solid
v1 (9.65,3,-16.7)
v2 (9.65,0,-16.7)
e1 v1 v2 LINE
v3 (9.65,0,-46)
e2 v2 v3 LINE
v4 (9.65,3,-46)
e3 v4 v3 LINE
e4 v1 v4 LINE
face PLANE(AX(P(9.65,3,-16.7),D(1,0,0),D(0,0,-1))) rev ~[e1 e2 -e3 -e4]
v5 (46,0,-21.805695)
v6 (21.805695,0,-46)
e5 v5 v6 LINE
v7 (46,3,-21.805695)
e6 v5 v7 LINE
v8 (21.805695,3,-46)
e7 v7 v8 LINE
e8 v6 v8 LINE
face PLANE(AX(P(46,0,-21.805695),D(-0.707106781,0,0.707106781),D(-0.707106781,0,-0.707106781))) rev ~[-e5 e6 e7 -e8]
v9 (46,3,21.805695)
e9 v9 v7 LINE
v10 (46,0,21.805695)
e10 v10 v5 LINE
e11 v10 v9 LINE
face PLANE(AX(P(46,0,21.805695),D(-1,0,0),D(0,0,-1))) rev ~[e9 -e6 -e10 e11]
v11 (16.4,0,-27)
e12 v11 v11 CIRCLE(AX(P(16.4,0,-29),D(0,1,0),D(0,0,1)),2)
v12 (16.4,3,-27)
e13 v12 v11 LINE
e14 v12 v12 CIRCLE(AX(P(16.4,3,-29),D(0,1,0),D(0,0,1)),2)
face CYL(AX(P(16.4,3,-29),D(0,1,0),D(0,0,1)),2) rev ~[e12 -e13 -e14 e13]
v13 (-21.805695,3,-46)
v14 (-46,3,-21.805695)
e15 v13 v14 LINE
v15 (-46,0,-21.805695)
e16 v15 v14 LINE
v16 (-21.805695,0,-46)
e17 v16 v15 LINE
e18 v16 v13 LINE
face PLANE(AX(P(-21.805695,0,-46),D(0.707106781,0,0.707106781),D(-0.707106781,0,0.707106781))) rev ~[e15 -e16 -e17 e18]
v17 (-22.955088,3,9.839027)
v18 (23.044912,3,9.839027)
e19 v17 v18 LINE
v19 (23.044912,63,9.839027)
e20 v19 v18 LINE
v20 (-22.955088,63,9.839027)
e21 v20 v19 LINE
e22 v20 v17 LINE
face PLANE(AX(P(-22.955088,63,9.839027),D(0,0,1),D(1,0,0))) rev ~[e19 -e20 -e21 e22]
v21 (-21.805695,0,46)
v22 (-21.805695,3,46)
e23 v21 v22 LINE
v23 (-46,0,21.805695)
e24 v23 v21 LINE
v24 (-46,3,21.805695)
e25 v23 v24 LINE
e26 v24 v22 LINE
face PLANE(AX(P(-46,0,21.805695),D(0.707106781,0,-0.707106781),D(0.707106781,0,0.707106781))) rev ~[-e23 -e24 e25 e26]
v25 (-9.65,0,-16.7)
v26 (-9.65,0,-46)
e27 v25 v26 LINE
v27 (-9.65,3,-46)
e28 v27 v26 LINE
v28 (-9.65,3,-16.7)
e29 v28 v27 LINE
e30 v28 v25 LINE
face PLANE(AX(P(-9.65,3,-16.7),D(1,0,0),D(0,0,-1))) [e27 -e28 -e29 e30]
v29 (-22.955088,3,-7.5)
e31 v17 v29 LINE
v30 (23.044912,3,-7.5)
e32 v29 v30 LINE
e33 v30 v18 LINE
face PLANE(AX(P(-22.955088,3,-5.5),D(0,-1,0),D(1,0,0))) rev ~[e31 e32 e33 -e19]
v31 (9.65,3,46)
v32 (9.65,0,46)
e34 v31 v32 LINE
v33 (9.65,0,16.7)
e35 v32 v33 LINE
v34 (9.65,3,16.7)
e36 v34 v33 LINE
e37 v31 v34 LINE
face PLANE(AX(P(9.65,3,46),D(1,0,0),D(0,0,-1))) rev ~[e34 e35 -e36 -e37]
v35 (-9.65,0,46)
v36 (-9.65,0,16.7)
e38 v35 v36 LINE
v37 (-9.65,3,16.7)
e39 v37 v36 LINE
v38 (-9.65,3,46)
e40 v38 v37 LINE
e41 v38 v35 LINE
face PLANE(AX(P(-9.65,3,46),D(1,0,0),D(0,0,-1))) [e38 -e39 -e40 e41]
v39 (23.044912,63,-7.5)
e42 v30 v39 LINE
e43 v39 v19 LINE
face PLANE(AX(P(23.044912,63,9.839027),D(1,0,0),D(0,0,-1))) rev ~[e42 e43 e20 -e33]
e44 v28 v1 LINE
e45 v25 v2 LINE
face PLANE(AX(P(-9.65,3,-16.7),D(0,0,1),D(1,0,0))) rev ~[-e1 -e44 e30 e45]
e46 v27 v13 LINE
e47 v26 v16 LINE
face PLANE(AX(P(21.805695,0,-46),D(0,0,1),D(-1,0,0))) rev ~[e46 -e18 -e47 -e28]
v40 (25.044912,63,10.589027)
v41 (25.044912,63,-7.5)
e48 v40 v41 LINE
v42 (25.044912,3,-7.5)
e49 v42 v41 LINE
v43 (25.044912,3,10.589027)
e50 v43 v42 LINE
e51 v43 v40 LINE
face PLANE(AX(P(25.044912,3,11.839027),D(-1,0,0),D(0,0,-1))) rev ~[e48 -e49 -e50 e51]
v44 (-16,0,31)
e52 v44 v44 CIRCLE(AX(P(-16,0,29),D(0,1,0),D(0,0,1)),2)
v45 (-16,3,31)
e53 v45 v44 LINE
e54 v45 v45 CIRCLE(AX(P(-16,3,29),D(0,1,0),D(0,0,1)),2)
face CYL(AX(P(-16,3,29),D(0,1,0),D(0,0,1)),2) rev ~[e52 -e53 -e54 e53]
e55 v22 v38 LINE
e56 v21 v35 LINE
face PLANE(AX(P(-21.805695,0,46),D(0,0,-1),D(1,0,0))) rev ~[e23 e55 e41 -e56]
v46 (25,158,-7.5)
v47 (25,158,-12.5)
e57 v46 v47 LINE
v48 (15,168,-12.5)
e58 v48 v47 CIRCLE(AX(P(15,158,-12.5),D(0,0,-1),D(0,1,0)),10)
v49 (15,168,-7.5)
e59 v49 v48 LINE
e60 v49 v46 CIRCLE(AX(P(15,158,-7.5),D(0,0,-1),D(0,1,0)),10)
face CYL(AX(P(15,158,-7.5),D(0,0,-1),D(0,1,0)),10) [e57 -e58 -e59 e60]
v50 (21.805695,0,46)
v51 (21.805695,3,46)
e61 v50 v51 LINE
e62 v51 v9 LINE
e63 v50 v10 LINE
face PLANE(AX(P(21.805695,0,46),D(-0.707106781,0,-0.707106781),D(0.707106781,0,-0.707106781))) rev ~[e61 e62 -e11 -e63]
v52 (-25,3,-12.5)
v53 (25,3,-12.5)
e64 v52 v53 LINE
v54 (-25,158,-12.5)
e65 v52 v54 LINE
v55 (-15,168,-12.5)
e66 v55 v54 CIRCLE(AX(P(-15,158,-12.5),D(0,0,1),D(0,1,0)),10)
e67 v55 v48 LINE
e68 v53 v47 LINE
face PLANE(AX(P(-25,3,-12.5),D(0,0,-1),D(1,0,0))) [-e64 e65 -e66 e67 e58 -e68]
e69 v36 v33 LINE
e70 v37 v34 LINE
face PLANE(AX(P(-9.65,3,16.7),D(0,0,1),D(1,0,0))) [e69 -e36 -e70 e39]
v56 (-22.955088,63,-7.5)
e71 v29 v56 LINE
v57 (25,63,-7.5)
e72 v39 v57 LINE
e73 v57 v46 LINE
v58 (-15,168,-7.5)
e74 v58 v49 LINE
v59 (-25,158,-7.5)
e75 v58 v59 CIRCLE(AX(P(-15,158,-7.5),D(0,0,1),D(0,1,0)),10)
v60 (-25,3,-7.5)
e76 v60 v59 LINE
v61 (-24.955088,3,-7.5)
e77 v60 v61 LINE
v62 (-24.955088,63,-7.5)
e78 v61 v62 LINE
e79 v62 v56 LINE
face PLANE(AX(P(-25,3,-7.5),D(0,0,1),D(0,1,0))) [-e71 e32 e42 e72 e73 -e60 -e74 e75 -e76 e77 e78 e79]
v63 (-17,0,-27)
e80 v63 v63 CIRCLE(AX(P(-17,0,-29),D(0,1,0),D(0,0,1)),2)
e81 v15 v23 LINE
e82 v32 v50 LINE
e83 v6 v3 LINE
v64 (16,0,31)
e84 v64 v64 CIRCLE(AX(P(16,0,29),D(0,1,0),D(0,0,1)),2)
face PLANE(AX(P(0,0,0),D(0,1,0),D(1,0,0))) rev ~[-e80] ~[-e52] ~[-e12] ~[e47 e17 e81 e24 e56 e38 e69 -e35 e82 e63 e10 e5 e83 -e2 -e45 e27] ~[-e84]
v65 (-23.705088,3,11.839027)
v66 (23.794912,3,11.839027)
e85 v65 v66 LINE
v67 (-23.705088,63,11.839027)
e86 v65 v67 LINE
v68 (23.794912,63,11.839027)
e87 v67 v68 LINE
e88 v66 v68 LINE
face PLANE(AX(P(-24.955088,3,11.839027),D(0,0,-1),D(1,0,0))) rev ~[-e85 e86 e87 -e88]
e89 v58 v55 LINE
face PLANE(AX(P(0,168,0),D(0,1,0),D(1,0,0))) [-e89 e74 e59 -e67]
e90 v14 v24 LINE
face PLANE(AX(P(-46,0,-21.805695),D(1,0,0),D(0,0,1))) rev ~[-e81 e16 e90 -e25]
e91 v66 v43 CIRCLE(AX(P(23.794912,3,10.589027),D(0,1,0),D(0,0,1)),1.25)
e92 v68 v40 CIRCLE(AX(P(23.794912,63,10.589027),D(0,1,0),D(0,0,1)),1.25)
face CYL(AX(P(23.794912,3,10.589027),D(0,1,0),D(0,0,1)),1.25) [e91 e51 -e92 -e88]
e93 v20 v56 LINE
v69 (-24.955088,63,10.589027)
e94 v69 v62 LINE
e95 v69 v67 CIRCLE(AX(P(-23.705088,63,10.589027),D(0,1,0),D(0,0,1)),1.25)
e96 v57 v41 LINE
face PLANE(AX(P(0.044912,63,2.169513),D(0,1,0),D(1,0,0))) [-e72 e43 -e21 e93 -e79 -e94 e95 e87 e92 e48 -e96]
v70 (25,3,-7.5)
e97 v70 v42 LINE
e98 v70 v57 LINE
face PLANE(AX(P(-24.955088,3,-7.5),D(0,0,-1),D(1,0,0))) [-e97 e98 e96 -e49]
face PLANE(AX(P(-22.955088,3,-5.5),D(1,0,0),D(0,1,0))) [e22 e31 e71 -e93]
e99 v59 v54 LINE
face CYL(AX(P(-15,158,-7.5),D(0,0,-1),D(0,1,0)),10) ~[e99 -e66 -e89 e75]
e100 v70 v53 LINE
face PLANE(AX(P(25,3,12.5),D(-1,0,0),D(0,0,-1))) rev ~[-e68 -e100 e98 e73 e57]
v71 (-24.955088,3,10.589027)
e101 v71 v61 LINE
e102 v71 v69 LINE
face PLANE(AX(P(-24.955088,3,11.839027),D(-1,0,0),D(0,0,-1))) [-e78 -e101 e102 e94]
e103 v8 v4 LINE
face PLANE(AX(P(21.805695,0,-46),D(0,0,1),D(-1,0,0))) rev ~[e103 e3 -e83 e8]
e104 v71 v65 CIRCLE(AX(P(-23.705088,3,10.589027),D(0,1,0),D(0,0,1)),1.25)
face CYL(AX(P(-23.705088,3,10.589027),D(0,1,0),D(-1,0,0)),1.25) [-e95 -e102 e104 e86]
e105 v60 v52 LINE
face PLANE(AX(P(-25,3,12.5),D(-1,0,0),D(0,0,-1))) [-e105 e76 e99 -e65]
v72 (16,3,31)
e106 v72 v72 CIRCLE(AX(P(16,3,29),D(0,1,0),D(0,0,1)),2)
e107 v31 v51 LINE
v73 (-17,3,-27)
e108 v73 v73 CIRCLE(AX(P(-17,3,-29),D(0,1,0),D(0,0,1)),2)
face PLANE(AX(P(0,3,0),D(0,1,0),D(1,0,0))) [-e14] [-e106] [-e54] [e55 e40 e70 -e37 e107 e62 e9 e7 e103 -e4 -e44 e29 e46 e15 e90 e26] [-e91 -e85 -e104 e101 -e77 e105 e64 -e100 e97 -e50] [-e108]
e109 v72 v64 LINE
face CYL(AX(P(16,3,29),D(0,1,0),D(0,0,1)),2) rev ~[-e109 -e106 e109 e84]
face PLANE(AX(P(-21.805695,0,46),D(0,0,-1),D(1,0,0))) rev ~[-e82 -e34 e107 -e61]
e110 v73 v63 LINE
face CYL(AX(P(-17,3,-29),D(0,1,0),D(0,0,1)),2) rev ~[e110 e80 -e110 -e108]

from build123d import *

# Parameters (mm, degrees)
SALIENTE_EXTRUIR1_DEPTH  = 3
CROQUIS2_W               = 50
CROQUIS2_H               = 25
SALIENTE_EXTRUIR2_DEPTH  = 165
CROQUIS5_W               = 20
CROQUIS5_H               = 165
CROQUIS5_W_2             = 1.746423124
CROQUIS5_H_2             = 0.642620727
CORTAR_EXTRUIR2_DEPTH    = 76
REDONDEO1_R              = 10
CROQUIS8_W               = 50
CROQUIS8_H               = 19.339026843
SALIENTE_EXTRUIR10_DEPTH = 60
CROQUIS12_W              = 46
CROQUIS12_H              = 15.339026843
CORTAR_EXTRUIR6_DEPTH    = 60
REDONDEO5_R              = 1.25
CROQUIS15_W              = 46
CROQUIS15_H              = 60
CORTAR_EXTRUIR7_DEPTH    = 2
CROQUIS16_R              = 2
CROQUIS16_W              = 19.3
CROQUIS16_H              = 29.3
CORTAR_EXTRUIR8_DEPTH    = 12


with BuildPart() as part:
    # Croquis1 → Saliente-Extruir1 (new body)
    with BuildSketch(Plane(origin=(0, 0, 0), x_dir=(1, 0, 0), z_dir=(0, 1, 0))):
        Polygon((-46, 21.805695142), (-46, -21.805695142), (-21.805695142, -46), (21.805695142, -46), (46, -21.805695142), (46, 21.805695142), (21.805695142, 46), (-21.805695142, 46), align=None)
    extrude(amount=SALIENTE_EXTRUIR1_DEPTH)

    # Croquis2 → Saliente-Extruir2 (add)
    with BuildSketch(Plane(origin=(0, 3, 0), x_dir=(1, 0, 0), z_dir=(0, 1, 0))):
        Rectangle(CROQUIS2_W, CROQUIS2_H)
    extrude(amount=SALIENTE_EXTRUIR2_DEPTH)

    # Croquis5 → Cortar-Extruir2 (cut)
    with BuildSketch(Plane.ZY.offset(25)):
        with Locations((2.5, 85.5)):
            Rectangle(CROQUIS5_W, CROQUIS5_H)
        with Locations((-13.373211562, 137.85800573)):
            Rectangle(CROQUIS5_W_2, CROQUIS5_H_2)
    extrude(amount=-CORTAR_EXTRUIR2_DEPTH, mode=Mode.SUBTRACT)

    # Redondeo1
    redondeo1_edges = [part.edges().sort_by_distance(p)[0] for p in [
        (-25, 168, -10),
        (25, 168, -10),
    ]]
    fillet(redondeo1_edges, radius=REDONDEO1_R)

    # Croquis8 → Saliente-Extruir10 (add)
    with BuildSketch(Plane(origin=(0, 3, -4.577154817), x_dir=(1, 0, 0), z_dir=(0, 1, 0))):
        with Locations((0.044911917, -6.746668238)):
            Rectangle(CROQUIS8_W, CROQUIS8_H)
    extrude(amount=SALIENTE_EXTRUIR10_DEPTH)

    # Croquis12 → Cortar-Extruir6 (cut)
    with BuildSketch(Plane(origin=(0, 63, 0), x_dir=(1, 0, 0), z_dir=(0, 1, 0))):
        with Locations((0.044911917, -2.169513422)):
            Rectangle(CROQUIS12_W, CROQUIS12_H)
    extrude(amount=-CORTAR_EXTRUIR6_DEPTH, mode=Mode.SUBTRACT)

    # Redondeo5
    redondeo5_edges = [part.edges().sort_by_distance(p)[0] for p in [
        (-24.955088083, 33, 11.839026843),
        (25.044911917, 33, 11.839026843),
    ]]
    fillet(redondeo5_edges, radius=REDONDEO5_R)

    # Croquis15 → Cortar-Extruir7 (cut)
    with BuildSketch(Plane.XY.offset(-5.5)):
        with Locations((0.044911917, 33)):
            Rectangle(CROQUIS15_W, CROQUIS15_H)
    extrude(amount=-CORTAR_EXTRUIR7_DEPTH, mode=Mode.SUBTRACT)

    # Croquis16 → Cortar-Extruir8 (cut)
    with BuildSketch(Plane(origin=(0, 3, 0), x_dir=(1, 0, 0), z_dir=(0, 1, 0))):
        with Locations(Location((-17, 29, 0), (0, 0, 270))):
            Circle(CROQUIS16_R)
        with Locations(Location((16.4, 29, 0), (0, 0, 270))):
            Circle(CROQUIS16_R)
        with Locations(Location((-16, -29, 0), (0, 0, 270))):
            Circle(CROQUIS16_R)
        with Locations(Location((16, -29, 0), (0, 0, 270))):
            Circle(CROQUIS16_R)
        with Locations((0, 31.35)):
            Rectangle(CROQUIS16_W, CROQUIS16_H)
        with Locations((0, -31.35)):
            Rectangle(CROQUIS16_W, CROQUIS16_H)
    extrude(amount=-CORTAR_EXTRUIR8_DEPTH, mode=Mode.SUBTRACT)


solid = part.part
